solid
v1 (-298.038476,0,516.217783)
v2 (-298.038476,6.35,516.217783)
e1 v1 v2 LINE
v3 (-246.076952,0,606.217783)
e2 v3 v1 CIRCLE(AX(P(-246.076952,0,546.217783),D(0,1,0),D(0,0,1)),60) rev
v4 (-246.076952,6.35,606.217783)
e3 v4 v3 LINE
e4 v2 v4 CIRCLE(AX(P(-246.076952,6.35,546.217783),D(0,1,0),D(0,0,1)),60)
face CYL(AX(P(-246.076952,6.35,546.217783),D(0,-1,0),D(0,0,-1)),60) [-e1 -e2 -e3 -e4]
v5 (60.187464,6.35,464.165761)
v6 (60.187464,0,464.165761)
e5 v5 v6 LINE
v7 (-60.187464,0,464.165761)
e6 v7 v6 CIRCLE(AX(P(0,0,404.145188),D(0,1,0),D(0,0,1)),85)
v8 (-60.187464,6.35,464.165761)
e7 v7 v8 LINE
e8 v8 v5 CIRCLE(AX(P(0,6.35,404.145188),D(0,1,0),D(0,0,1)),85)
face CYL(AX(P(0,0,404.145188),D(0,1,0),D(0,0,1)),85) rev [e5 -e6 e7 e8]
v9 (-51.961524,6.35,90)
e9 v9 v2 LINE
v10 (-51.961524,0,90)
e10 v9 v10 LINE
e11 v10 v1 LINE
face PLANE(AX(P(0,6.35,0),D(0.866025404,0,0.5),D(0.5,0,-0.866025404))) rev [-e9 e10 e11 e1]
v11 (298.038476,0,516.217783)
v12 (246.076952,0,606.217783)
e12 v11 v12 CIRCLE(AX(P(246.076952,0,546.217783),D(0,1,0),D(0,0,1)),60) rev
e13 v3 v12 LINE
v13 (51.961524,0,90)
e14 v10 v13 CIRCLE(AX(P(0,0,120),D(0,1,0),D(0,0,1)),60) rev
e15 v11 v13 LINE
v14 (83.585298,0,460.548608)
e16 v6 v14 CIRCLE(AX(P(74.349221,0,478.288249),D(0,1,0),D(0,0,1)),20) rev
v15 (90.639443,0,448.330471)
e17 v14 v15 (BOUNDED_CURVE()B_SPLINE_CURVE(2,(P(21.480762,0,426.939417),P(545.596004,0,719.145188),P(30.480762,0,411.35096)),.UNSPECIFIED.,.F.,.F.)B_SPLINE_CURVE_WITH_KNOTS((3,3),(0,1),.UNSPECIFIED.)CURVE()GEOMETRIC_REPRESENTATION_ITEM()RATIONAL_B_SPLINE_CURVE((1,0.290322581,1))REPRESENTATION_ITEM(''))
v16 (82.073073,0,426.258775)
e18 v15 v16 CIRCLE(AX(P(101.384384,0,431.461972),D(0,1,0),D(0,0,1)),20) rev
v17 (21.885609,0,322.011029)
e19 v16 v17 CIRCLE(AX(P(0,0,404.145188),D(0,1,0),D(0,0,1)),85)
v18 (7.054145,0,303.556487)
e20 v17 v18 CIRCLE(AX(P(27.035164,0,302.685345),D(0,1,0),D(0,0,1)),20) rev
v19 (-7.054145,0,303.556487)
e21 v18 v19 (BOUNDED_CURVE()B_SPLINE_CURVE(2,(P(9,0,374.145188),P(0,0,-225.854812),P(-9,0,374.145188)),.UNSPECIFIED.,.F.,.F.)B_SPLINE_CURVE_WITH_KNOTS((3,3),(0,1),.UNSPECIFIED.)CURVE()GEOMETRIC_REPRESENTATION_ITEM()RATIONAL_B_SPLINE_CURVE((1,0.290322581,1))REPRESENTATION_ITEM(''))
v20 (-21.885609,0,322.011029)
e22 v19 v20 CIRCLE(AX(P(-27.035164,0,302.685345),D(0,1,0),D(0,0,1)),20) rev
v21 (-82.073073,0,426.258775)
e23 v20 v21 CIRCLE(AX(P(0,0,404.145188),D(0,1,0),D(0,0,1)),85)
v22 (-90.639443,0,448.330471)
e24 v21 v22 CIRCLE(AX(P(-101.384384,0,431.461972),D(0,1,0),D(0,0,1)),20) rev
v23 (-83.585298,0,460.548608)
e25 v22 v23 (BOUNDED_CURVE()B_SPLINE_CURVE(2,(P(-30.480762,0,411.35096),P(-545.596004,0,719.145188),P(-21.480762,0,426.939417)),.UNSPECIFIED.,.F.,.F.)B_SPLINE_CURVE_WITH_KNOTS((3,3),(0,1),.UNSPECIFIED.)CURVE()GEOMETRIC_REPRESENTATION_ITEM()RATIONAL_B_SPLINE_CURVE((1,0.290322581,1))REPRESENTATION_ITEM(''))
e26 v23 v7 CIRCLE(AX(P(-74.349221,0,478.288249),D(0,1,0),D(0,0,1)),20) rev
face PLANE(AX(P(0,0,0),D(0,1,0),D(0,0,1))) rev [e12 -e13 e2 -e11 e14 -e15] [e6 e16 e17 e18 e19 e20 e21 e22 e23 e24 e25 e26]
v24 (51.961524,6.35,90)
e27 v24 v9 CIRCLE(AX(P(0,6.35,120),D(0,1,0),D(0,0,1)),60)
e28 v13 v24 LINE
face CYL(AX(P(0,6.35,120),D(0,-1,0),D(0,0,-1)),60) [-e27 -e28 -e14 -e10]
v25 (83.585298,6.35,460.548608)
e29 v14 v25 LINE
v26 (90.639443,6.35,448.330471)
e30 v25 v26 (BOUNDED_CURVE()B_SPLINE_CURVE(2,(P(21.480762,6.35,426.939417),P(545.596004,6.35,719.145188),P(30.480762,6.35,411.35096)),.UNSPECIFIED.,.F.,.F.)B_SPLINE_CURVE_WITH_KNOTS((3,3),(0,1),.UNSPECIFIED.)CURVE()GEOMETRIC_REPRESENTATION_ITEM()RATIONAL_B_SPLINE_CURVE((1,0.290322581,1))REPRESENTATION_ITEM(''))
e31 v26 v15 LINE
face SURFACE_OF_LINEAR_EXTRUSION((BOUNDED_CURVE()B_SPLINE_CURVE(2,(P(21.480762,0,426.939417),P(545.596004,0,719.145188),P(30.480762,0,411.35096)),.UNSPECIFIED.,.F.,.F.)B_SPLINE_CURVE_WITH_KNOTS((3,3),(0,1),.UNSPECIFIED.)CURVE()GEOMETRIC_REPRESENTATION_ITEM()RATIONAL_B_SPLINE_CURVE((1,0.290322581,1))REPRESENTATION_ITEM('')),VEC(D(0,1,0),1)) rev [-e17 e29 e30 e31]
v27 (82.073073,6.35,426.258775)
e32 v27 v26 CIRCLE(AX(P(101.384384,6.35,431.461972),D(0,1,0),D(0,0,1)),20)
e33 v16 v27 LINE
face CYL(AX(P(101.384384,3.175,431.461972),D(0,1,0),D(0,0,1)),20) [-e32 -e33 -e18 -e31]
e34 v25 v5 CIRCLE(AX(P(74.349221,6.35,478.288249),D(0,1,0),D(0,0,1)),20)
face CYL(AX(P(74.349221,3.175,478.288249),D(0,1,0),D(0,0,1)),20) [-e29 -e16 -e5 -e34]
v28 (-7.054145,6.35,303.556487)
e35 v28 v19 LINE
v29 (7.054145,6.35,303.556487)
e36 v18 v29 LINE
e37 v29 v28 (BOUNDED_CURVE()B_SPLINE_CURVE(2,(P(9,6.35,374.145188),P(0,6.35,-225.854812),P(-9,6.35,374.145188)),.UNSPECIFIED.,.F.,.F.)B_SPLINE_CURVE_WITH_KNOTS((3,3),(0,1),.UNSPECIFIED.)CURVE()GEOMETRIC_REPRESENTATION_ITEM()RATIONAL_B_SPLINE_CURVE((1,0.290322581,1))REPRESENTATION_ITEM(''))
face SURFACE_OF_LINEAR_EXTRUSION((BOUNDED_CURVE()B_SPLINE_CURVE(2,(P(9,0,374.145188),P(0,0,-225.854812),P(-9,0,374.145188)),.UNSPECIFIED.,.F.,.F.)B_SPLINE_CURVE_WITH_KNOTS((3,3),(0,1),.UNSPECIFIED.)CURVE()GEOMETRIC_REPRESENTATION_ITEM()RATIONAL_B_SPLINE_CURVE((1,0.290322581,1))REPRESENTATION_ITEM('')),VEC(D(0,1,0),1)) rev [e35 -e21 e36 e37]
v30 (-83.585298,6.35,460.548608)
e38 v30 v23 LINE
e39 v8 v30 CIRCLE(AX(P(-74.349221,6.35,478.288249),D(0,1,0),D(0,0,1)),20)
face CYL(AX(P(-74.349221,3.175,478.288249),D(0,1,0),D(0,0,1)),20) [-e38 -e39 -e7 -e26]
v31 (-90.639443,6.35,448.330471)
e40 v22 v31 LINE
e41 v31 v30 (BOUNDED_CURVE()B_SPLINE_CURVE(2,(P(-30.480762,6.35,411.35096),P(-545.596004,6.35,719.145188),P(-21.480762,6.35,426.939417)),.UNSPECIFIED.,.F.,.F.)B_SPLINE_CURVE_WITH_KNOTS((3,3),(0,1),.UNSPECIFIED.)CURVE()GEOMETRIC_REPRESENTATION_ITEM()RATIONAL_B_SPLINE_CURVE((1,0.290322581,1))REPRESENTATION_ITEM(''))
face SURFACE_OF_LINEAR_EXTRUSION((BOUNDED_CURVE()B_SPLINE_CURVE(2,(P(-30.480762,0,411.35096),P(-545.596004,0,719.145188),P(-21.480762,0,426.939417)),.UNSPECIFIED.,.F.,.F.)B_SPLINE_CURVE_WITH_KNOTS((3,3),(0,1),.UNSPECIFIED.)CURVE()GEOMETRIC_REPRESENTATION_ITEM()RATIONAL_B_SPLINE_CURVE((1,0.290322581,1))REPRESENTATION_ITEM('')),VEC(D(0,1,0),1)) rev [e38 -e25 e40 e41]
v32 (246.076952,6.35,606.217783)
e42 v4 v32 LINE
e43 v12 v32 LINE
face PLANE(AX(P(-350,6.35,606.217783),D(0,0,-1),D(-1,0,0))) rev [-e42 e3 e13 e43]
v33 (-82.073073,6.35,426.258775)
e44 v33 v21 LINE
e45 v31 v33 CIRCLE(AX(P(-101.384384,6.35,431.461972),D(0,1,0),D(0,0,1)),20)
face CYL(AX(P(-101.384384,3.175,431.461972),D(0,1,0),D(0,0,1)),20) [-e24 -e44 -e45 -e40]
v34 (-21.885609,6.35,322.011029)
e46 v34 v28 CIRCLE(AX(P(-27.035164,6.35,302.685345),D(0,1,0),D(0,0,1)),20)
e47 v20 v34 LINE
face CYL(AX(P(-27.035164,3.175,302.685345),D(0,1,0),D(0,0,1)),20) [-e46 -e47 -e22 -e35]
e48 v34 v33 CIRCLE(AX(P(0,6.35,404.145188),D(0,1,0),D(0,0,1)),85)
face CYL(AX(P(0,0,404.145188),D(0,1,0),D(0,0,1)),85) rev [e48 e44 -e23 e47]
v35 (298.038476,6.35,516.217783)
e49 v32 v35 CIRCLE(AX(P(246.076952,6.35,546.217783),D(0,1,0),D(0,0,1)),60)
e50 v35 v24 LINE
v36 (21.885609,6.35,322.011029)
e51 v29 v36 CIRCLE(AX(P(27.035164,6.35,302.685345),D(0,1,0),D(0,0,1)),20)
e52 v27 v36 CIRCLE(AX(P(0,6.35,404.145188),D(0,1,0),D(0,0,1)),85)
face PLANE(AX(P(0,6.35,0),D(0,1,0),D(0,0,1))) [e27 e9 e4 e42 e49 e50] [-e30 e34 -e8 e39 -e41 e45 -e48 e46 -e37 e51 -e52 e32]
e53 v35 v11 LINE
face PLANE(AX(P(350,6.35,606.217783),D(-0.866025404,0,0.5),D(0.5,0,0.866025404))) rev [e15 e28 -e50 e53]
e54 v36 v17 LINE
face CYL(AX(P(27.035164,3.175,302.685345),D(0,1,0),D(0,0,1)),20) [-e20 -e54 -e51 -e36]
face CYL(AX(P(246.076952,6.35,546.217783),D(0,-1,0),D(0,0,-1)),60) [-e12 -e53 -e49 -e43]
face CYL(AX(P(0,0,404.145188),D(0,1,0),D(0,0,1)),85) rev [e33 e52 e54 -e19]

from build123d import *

# Parameters (mm, degrees)
BOSS_EXTRUDE1_DEPTH = 6.35
SKETCH2_R           = 85
CUT_EXTRUDE1_DEPTH  = 6.35
FILLET1_R           = 60
CUT_EXTRUDE2_DEPTH  = 6.35
FILLET2_R           = 20


with BuildPart() as part:
    # Sketch1 → Boss-Extrude1 (new body)
    with BuildSketch(Plane(origin=(0, 0, 0), x_dir=(1, 0, 0), z_dir=(0, 1, 0))):
        Polygon((0, 0), (-350, -606.217782649), (350, -606.217782649), align=None)
    extrude(amount=BOSS_EXTRUDE1_DEPTH)

    # Sketch2 → Cut-Extrude1 (cut)
    with BuildSketch(Plane(origin=(0, 6.35, 0), x_dir=(1, 0, 0), z_dir=(0, 1, 0))):
        with Locations(Location((0, -404.145188433, 0), (0, 0, 270))):
            Circle(SKETCH2_R)
    extrude(amount=-CUT_EXTRUDE1_DEPTH, mode=Mode.SUBTRACT)

    # Fillet1
    fillet1_edges = [part.edges().sort_by_distance(p)[0] for p in [
        (350, 3.175, 606.217782649),
        (-350, 3.175, 606.217782649),
        (0, 3.175, 0),
    ]]
    fillet(fillet1_edges, radius=FILLET1_R)

    # Sketch3 → Cut-Extrude2 (cut)
    with BuildSketch(Plane(origin=(0, 6.35, 0), x_dir=(1, 0, 0), z_dir=(0, 1, 0))):
        with BuildLine():
            Line((30.480762114, -411.350959799), (21.480762114, -426.939417067))
            add(Edge.make_bspline(
                [(30.480762114, -411.350959799), (545.596004384, -719.145188433), (21.480762114, -426.939417067)],
                knots=[0, 0, 0, 1, 1, 1], degree=2, weights=[1, 0.290322581, 1]))
        make_face()
        with BuildLine():
            Line((-9, -374.145188433), (9, -374.145188433))
            add(Edge.make_bspline(
                [(-9, -374.145188433), (0, 225.854811567), (9, -374.145188433)],
                knots=[0, 0, 0, 1, 1, 1], degree=2, weights=[1, 0.290322581, 1]))
        make_face()
        with BuildLine():
            Line((-21.480762114, -426.939417067), (-30.480762114, -411.350959799))
            add(Edge.make_bspline(
                [(-21.480762114, -426.939417067), (-545.596004384, -719.145188433), (-30.480762114, -411.350959799)],
                knots=[0, 0, 0, 1, 1, 1], degree=2, weights=[1, 0.290322581, 1]))
        make_face()
    extrude(amount=-CUT_EXTRUDE2_DEPTH, mode=Mode.SUBTRACT)

    # Fillet2
    fillet2_edges = [part.edges().sort_by_distance(p)[0] for p in [
        (-7.677401055, 3.175, 319.492618991),
        (7.677401055, 3.175, 319.492618991),
        (77.149976159, 3.175, 439.822648805),
        (69.472575104, 3.175, 453.120297502),
        (-69.472575104, 3.175, 453.120297502),
        (-77.149976159, 3.175, 439.822648805),
    ]]
    fillet(fillet2_edges, radius=FILLET2_R)


solid = part.part
